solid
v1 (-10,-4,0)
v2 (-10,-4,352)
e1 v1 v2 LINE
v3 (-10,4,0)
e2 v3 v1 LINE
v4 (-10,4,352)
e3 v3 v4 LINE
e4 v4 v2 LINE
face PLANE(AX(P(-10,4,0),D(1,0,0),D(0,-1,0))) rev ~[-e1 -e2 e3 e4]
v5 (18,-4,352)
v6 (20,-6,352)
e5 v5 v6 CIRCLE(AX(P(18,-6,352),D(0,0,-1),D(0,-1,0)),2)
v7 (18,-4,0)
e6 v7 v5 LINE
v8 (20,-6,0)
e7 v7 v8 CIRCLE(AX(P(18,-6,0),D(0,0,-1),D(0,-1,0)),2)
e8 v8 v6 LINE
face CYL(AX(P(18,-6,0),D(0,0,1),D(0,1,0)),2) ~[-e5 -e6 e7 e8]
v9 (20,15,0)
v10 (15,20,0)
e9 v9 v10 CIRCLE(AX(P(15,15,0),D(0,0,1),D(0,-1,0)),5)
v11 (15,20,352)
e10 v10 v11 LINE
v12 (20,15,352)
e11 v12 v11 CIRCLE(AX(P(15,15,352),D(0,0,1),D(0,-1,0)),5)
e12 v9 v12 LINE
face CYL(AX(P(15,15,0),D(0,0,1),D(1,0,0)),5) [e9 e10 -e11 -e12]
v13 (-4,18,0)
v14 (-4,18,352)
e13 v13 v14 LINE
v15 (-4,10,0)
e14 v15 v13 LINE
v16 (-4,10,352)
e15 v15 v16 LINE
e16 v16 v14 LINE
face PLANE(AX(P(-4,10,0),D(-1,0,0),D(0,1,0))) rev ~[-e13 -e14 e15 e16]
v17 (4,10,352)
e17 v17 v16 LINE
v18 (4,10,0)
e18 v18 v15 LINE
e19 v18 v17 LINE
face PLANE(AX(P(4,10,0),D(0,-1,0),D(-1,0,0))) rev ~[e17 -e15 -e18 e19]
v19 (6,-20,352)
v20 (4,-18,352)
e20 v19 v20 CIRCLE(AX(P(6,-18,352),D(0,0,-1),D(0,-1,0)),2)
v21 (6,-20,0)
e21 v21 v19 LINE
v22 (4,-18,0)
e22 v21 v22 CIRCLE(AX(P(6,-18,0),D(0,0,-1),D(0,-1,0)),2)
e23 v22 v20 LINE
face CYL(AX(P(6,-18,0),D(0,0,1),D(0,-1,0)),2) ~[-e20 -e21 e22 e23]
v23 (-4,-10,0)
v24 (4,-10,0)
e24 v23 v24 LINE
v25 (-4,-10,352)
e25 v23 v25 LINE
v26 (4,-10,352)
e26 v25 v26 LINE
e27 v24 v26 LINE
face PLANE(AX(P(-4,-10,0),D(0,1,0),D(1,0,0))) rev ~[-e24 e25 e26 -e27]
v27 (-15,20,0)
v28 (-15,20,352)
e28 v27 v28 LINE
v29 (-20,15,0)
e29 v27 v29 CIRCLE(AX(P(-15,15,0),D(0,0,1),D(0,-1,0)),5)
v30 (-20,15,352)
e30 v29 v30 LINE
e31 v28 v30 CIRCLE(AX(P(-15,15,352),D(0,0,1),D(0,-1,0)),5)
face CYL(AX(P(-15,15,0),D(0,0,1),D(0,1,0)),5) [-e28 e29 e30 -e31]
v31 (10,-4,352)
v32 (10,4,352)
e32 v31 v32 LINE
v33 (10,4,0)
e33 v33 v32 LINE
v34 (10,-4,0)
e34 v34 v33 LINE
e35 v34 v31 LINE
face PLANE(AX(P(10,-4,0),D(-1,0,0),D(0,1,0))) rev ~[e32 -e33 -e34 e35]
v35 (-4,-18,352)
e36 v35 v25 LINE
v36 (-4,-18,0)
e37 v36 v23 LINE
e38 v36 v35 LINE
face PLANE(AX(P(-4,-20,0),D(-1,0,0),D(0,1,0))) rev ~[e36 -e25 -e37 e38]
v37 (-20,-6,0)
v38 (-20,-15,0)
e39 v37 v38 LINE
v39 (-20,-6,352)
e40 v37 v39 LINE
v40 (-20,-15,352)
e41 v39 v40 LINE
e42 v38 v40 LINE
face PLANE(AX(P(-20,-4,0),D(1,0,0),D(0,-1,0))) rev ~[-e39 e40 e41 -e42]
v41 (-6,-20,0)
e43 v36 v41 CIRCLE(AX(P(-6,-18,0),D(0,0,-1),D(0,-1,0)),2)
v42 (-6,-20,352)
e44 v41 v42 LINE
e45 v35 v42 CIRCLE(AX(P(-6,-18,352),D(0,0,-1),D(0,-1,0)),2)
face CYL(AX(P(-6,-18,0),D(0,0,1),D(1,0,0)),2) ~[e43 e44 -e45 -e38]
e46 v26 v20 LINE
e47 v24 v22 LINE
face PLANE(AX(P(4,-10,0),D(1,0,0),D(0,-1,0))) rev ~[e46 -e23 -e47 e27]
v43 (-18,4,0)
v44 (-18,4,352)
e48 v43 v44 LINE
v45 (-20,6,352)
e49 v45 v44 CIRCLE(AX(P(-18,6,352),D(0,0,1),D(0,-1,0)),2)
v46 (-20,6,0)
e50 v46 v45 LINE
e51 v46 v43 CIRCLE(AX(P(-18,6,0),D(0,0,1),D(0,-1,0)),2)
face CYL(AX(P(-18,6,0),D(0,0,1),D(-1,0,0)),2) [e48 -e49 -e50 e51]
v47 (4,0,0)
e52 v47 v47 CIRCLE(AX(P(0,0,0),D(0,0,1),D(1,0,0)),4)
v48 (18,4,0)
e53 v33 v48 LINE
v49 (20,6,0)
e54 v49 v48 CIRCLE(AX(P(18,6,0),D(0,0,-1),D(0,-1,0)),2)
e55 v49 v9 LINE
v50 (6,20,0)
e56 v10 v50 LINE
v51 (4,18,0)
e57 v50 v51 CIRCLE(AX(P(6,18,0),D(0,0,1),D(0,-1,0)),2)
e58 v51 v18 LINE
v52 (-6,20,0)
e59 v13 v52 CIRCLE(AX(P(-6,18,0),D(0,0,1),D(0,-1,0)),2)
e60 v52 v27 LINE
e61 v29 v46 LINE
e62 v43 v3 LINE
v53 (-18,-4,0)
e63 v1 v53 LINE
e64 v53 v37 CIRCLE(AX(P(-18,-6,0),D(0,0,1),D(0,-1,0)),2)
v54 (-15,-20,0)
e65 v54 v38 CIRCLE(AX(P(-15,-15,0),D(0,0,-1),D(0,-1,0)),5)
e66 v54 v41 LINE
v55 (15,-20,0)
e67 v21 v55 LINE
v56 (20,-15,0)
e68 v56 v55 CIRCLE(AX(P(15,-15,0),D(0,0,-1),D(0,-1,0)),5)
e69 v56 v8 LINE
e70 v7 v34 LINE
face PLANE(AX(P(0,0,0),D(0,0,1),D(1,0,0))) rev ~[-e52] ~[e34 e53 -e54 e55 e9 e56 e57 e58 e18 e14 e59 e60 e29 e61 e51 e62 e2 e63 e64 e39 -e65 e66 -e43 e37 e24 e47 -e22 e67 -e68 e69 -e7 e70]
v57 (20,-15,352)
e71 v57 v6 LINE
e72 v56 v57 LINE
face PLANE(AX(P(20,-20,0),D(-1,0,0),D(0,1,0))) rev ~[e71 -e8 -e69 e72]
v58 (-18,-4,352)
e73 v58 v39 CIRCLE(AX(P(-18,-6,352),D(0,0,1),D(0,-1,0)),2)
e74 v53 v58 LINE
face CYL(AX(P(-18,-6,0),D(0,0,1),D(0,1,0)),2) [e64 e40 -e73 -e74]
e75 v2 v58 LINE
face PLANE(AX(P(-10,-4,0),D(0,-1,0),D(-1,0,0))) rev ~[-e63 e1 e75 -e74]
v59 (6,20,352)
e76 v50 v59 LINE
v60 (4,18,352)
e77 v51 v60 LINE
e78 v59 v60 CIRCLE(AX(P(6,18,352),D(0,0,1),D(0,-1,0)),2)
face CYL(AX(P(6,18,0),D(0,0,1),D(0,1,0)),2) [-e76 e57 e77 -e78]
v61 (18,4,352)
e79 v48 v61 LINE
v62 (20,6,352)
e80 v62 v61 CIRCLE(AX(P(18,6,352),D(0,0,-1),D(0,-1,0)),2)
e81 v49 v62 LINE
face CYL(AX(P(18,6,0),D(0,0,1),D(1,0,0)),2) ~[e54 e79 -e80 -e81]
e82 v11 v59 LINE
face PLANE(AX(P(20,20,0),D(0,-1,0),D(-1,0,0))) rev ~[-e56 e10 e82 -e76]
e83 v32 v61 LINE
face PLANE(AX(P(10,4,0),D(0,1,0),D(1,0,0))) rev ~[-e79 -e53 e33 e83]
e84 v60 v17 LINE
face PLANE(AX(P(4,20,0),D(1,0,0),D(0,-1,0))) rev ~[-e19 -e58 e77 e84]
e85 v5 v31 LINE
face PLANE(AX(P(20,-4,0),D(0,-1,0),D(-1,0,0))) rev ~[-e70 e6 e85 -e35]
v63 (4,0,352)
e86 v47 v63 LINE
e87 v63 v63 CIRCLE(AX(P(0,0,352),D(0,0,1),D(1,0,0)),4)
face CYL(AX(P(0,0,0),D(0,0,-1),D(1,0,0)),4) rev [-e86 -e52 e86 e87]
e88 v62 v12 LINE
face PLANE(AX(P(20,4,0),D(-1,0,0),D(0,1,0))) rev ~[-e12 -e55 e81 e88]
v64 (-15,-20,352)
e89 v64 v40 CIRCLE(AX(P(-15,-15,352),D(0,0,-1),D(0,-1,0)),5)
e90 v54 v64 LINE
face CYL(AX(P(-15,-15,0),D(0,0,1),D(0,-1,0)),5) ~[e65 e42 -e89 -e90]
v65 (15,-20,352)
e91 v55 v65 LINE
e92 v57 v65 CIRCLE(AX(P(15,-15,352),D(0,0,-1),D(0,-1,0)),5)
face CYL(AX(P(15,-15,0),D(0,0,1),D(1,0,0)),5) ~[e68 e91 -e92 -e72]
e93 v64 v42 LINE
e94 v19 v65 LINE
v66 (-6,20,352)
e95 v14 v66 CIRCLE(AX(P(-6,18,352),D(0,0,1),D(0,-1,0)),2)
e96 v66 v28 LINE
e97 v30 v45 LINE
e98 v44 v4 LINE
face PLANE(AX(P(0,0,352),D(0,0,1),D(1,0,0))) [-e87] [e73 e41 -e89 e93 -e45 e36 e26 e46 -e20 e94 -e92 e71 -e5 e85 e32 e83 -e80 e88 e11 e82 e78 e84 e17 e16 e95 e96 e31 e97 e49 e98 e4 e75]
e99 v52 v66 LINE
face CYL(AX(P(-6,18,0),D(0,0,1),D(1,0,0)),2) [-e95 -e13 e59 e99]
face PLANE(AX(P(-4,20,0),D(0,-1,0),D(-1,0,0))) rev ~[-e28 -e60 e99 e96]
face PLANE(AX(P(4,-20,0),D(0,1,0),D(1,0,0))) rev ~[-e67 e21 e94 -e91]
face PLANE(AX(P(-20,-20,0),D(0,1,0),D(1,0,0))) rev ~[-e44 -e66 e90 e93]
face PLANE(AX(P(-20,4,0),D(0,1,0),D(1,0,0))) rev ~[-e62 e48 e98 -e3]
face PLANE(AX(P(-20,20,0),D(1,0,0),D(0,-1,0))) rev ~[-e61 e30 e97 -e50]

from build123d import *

# Parameters (mm, degrees)
F0_R     = 4
F1_DEPTH = 352
F2_R     = 5
F3_R     = 2


with BuildPart() as f1:
    # F0 (on Top) → F1 (new body)
    with BuildSketch(Plane.XY):
        Polygon((20, 4), (20, 20), (4, 20), (4, 10), (-4, 10), (-4, 20), (-20, 20), (-20, 4), (-10, 4), (-10, -4), (-20, -4), (-20, -20), (-4, -20), (-4, -10), (4, -10), (4, -20), (20, -20), (20, -4), (10, -4), (10, 4), align=None)
        Circle(F0_R, mode=Mode.SUBTRACT)
    extrude(amount=F1_DEPTH)

    # F2
    f2_edges = [f1.edges().sort_by_distance(p)[0] for p in [
        (-20, 20, 176),
        (-20, -20, 176),
        (20, 20, 176),
        (20, -20, 176),
    ]]
    fillet(f2_edges, radius=F2_R)

    # F3
    f3_edges = [f1.edges().sort_by_distance(p)[0] for p in [
        (-4, 20, 176),
        (4, 20, 176),
        (20, 4, 176),
        (20, -4, 176),
        (4, -20, 176),
        (-4, -20, 176),
        (-20, -4, 176),
        (-20, 4, 176),
    ]]
    fillet(f3_edges, radius=F3_R)


solid = f1.part
